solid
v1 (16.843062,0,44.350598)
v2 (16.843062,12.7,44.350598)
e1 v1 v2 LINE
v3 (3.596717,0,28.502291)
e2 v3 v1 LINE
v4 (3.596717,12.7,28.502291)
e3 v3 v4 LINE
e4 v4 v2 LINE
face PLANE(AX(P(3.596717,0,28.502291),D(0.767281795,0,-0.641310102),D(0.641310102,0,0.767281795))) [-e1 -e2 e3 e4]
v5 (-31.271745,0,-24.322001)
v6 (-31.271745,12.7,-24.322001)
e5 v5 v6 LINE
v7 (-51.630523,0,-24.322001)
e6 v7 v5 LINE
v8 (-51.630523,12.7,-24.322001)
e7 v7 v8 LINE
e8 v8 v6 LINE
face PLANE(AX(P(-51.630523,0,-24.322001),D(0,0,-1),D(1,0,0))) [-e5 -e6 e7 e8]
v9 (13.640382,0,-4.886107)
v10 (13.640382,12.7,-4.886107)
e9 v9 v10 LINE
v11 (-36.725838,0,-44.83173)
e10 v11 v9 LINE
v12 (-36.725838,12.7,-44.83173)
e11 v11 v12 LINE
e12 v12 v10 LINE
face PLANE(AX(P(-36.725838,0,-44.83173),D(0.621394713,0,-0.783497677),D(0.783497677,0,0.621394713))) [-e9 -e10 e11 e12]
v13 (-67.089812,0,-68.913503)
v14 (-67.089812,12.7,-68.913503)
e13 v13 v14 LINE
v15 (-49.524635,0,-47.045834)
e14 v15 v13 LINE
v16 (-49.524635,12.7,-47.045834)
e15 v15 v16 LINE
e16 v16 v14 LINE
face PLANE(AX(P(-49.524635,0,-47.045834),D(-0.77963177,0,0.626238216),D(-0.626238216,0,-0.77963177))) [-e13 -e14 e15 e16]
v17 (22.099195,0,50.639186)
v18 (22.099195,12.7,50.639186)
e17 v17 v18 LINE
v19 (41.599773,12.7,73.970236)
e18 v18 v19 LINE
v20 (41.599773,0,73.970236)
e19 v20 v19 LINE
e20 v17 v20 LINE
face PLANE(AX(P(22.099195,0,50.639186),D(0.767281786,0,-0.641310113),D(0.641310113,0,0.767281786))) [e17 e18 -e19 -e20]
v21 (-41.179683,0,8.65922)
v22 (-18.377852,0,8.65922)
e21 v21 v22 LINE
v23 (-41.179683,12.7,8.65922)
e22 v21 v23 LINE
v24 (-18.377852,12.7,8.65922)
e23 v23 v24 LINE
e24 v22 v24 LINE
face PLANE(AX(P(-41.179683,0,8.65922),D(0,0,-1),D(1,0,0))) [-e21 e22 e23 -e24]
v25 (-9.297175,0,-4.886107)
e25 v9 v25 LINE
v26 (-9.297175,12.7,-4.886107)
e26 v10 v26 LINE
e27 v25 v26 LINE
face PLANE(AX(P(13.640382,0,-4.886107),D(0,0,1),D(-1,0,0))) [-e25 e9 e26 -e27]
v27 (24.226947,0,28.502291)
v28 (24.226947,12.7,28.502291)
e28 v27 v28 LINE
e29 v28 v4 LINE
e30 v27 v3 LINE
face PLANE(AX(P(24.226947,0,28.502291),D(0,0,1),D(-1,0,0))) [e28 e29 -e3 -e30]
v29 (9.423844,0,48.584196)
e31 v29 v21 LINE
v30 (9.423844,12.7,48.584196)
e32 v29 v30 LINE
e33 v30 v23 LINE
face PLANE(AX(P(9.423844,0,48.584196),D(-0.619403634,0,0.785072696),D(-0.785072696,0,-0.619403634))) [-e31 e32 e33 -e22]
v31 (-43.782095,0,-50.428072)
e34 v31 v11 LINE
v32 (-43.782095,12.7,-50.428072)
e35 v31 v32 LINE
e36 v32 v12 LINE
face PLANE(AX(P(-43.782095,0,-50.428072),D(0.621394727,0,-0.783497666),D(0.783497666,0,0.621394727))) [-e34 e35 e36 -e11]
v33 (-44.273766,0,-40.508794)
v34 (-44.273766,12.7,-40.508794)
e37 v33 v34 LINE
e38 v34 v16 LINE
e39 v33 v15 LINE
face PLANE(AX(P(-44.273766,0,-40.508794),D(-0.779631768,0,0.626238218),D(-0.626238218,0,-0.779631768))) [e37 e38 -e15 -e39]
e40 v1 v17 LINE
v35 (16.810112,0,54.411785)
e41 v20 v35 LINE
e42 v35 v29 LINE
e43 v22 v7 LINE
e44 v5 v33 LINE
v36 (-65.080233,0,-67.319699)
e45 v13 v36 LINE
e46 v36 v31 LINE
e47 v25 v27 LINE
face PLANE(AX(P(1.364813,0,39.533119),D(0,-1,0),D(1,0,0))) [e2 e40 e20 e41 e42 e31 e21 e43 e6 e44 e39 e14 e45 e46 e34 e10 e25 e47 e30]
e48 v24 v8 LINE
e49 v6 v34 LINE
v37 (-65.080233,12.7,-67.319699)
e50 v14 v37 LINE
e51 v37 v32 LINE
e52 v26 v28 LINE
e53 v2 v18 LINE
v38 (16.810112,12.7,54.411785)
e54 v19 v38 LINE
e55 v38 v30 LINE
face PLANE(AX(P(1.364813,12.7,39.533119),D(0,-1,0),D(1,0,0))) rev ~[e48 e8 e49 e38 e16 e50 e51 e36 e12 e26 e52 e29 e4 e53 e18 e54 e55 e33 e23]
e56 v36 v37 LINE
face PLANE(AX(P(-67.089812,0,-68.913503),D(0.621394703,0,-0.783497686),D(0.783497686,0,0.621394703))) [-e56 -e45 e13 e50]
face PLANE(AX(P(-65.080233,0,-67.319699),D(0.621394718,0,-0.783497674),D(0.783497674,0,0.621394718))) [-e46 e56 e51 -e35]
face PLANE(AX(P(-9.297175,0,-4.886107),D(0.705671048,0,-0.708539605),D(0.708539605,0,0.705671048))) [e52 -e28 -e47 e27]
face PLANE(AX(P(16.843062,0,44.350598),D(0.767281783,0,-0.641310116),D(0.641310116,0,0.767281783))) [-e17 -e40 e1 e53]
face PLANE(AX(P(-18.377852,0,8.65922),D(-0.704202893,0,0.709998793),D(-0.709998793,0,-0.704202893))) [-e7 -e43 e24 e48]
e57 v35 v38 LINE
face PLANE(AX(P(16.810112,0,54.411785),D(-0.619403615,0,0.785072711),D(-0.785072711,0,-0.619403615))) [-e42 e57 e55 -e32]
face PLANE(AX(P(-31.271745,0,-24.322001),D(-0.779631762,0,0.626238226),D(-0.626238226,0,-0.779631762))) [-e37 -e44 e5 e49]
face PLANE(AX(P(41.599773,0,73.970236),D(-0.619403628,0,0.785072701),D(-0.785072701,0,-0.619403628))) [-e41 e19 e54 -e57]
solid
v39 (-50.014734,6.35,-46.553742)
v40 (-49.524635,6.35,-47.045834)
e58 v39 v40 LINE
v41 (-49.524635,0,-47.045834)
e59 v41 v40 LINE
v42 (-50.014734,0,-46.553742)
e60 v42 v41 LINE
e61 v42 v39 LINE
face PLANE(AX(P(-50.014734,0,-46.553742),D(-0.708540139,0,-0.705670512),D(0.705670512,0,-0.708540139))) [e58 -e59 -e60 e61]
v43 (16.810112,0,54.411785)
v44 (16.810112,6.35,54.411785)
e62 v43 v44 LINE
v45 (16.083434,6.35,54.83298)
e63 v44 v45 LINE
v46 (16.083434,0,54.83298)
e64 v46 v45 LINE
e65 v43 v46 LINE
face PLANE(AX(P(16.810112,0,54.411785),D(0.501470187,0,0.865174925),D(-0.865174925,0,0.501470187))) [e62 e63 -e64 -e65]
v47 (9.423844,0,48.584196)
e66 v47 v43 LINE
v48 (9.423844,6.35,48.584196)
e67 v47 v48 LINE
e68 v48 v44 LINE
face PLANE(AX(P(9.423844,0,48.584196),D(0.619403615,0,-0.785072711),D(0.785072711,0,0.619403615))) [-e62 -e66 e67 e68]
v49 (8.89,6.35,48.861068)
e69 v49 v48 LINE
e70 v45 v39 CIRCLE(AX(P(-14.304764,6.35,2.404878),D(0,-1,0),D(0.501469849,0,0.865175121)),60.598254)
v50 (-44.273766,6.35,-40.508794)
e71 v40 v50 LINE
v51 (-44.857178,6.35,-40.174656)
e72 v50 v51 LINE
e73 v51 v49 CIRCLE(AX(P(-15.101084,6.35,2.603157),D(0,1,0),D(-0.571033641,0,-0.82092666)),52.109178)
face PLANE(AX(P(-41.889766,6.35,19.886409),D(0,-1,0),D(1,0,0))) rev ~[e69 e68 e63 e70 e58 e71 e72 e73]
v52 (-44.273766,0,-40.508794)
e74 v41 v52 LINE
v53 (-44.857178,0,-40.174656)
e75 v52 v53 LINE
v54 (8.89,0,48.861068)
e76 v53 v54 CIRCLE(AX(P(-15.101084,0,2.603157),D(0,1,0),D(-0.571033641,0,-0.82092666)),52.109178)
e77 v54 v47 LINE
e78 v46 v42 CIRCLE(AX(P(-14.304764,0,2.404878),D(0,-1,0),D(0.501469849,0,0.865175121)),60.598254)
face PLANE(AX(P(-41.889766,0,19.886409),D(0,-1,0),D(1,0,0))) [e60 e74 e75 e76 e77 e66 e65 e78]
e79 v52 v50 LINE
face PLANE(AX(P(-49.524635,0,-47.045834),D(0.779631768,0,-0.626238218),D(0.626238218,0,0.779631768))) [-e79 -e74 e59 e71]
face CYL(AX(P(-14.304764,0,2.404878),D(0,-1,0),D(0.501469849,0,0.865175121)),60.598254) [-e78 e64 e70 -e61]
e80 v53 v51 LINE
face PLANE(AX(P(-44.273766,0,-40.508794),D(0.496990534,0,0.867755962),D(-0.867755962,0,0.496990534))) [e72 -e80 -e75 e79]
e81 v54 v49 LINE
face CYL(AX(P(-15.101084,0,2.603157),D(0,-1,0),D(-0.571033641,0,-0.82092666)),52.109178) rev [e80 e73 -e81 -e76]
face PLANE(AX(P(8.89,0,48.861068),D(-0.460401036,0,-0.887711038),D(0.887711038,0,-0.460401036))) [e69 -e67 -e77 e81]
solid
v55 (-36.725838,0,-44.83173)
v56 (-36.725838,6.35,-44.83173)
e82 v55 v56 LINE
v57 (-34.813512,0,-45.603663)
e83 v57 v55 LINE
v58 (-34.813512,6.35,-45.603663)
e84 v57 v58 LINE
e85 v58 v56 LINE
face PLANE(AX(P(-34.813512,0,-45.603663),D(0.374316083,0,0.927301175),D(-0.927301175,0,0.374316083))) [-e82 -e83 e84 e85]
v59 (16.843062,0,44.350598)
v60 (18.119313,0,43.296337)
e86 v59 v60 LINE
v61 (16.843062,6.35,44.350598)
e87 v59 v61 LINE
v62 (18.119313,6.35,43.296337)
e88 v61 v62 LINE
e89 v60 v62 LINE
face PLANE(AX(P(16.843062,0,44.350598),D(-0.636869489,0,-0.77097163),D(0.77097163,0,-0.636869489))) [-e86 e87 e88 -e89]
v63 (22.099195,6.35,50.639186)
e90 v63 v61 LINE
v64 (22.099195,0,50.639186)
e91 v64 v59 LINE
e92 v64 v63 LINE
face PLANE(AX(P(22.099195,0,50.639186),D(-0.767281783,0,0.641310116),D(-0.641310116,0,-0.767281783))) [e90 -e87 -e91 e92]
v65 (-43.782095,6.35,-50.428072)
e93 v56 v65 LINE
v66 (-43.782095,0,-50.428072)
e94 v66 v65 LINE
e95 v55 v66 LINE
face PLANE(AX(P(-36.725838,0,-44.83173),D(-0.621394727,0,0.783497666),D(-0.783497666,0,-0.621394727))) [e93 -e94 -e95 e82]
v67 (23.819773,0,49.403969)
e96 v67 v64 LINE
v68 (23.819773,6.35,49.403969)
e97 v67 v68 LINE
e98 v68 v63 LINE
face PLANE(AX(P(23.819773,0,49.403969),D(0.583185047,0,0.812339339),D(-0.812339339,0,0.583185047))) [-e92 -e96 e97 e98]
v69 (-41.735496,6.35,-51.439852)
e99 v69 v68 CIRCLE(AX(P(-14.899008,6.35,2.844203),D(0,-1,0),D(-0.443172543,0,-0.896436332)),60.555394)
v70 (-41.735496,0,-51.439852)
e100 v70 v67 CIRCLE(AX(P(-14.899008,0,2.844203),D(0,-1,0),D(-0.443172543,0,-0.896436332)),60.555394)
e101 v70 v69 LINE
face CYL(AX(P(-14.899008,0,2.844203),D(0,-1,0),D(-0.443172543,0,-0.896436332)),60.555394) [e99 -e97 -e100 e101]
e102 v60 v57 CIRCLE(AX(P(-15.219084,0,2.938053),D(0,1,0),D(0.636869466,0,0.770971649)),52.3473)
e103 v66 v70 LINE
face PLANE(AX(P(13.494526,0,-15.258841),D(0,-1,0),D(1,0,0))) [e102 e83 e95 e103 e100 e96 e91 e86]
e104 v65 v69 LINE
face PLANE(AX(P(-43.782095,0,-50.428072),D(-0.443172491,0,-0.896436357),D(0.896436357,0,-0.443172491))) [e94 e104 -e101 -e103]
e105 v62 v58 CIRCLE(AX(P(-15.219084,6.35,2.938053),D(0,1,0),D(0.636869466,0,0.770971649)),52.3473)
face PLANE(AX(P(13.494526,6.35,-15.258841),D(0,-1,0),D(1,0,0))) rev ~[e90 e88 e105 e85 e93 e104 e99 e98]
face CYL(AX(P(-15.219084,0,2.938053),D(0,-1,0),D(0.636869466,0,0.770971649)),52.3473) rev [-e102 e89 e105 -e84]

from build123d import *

# Parameters (mm, degrees)
F1_DEPTH = 6.35
F2_DEPTH = 12.7


with BuildPart() as f1:
    # F0 (on Front) → F1 (new body)
    with BuildSketch(Plane.XZ):
        with BuildLine():
            Line((23.819773, 49.403969), (22.099195, 50.639186))
            Line((22.099195, 50.639186), (16.843062, 44.350598))
            Line((16.843062, 44.350598), (18.119313, 43.296337))
            ThreePointArc((18.119313, 43.296337), (29.758985, -23.842782), (-34.813512, -45.603663))
            Line((-34.813512, -45.603663), (-36.725838, -44.83173))
            Line((-36.725838, -44.83173), (-43.782095, -50.428072))
            Line((-43.782095, -50.428072), (-41.735496, -51.439852))
            ThreePointArc((-41.735496, -51.439852), (35.871715, -30.160182), (23.819773, 49.403969))
        make_face()
        with BuildLine():
            ThreePointArc((-44.857178, -40.174656), (-59.712169, 29.533021), (8.89, 48.861068))
            Line((8.89, 48.861068), (9.423844, 48.584196))
            Line((9.423844, 48.584196), (16.810112, 54.411785))
            Line((16.810112, 54.411785), (16.083434, 54.83298))
            ThreePointArc((16.083434, 54.83298), (-65.067911, 35.499459), (-50.014734, -46.553742))
            Line((-50.014734, -46.553742), (-49.524635, -47.045834))
            Line((-49.524635, -47.045834), (-44.273766, -40.508794))
            Line((-44.273766, -40.508794), (-44.857178, -40.174656))
        make_face()
    extrude(amount=-F1_DEPTH)


with BuildPart() as f2:
    # F0 (on Front) → F2 (new body)
    with BuildSketch(Plane.XZ):
        Polygon((16.810112, 54.411785), (9.423844, 48.584196), (-41.179683, 8.65922), (-14.183283, 19.272977), (41.599773, 73.970236), align=None)
        Polygon((41.599773, 73.970236), (-14.183283, 19.272977), (3.596717, 28.502291), (16.843062, 44.350598), (22.099195, 50.639186), align=None)
        Polygon((3.596717, 28.502291), (-14.183283, 19.272977), (2.375191, 19.272977), (24.226947, 28.502291), align=None)
        Polygon((-14.183283, 19.272977), (-41.179683, 8.65922), (-18.377852, 8.65922), (2.375191, 19.272977), align=None)
        Polygon((2.375191, 19.272977), (-18.377852, 8.65922), (-51.630523, -24.322001), (-29.24878, -14.251146), align=None)
        Polygon((24.226947, 28.502291), (2.375191, 19.272977), (-29.24878, -14.251146), (-9.297175, -4.886107), align=None)
        Polygon((-51.630523, -24.322001), (-31.271745, -24.322001), (-13.097481, -14.251146), (-29.24878, -14.251146), align=None)
        Polygon((-31.271745, -24.322001), (-44.273766, -40.508794), (-49.524635, -47.045834), (-67.089812, -68.913503), (-13.097481, -14.251146), align=None)
        Polygon((-13.097481, -14.251146), (-67.089812, -68.913503), (-65.080233, -67.319699), (-43.782095, -50.428072), (-36.725838, -44.83173), (13.640382, -4.886107), align=None)
        Polygon((-29.24878, -14.251146), (-13.097481, -14.251146), (13.640382, -4.886107), (-9.297175, -4.886107), align=None)
    extrude(amount=-F2_DEPTH)


solid = Compound([f1.part, f2.part])
